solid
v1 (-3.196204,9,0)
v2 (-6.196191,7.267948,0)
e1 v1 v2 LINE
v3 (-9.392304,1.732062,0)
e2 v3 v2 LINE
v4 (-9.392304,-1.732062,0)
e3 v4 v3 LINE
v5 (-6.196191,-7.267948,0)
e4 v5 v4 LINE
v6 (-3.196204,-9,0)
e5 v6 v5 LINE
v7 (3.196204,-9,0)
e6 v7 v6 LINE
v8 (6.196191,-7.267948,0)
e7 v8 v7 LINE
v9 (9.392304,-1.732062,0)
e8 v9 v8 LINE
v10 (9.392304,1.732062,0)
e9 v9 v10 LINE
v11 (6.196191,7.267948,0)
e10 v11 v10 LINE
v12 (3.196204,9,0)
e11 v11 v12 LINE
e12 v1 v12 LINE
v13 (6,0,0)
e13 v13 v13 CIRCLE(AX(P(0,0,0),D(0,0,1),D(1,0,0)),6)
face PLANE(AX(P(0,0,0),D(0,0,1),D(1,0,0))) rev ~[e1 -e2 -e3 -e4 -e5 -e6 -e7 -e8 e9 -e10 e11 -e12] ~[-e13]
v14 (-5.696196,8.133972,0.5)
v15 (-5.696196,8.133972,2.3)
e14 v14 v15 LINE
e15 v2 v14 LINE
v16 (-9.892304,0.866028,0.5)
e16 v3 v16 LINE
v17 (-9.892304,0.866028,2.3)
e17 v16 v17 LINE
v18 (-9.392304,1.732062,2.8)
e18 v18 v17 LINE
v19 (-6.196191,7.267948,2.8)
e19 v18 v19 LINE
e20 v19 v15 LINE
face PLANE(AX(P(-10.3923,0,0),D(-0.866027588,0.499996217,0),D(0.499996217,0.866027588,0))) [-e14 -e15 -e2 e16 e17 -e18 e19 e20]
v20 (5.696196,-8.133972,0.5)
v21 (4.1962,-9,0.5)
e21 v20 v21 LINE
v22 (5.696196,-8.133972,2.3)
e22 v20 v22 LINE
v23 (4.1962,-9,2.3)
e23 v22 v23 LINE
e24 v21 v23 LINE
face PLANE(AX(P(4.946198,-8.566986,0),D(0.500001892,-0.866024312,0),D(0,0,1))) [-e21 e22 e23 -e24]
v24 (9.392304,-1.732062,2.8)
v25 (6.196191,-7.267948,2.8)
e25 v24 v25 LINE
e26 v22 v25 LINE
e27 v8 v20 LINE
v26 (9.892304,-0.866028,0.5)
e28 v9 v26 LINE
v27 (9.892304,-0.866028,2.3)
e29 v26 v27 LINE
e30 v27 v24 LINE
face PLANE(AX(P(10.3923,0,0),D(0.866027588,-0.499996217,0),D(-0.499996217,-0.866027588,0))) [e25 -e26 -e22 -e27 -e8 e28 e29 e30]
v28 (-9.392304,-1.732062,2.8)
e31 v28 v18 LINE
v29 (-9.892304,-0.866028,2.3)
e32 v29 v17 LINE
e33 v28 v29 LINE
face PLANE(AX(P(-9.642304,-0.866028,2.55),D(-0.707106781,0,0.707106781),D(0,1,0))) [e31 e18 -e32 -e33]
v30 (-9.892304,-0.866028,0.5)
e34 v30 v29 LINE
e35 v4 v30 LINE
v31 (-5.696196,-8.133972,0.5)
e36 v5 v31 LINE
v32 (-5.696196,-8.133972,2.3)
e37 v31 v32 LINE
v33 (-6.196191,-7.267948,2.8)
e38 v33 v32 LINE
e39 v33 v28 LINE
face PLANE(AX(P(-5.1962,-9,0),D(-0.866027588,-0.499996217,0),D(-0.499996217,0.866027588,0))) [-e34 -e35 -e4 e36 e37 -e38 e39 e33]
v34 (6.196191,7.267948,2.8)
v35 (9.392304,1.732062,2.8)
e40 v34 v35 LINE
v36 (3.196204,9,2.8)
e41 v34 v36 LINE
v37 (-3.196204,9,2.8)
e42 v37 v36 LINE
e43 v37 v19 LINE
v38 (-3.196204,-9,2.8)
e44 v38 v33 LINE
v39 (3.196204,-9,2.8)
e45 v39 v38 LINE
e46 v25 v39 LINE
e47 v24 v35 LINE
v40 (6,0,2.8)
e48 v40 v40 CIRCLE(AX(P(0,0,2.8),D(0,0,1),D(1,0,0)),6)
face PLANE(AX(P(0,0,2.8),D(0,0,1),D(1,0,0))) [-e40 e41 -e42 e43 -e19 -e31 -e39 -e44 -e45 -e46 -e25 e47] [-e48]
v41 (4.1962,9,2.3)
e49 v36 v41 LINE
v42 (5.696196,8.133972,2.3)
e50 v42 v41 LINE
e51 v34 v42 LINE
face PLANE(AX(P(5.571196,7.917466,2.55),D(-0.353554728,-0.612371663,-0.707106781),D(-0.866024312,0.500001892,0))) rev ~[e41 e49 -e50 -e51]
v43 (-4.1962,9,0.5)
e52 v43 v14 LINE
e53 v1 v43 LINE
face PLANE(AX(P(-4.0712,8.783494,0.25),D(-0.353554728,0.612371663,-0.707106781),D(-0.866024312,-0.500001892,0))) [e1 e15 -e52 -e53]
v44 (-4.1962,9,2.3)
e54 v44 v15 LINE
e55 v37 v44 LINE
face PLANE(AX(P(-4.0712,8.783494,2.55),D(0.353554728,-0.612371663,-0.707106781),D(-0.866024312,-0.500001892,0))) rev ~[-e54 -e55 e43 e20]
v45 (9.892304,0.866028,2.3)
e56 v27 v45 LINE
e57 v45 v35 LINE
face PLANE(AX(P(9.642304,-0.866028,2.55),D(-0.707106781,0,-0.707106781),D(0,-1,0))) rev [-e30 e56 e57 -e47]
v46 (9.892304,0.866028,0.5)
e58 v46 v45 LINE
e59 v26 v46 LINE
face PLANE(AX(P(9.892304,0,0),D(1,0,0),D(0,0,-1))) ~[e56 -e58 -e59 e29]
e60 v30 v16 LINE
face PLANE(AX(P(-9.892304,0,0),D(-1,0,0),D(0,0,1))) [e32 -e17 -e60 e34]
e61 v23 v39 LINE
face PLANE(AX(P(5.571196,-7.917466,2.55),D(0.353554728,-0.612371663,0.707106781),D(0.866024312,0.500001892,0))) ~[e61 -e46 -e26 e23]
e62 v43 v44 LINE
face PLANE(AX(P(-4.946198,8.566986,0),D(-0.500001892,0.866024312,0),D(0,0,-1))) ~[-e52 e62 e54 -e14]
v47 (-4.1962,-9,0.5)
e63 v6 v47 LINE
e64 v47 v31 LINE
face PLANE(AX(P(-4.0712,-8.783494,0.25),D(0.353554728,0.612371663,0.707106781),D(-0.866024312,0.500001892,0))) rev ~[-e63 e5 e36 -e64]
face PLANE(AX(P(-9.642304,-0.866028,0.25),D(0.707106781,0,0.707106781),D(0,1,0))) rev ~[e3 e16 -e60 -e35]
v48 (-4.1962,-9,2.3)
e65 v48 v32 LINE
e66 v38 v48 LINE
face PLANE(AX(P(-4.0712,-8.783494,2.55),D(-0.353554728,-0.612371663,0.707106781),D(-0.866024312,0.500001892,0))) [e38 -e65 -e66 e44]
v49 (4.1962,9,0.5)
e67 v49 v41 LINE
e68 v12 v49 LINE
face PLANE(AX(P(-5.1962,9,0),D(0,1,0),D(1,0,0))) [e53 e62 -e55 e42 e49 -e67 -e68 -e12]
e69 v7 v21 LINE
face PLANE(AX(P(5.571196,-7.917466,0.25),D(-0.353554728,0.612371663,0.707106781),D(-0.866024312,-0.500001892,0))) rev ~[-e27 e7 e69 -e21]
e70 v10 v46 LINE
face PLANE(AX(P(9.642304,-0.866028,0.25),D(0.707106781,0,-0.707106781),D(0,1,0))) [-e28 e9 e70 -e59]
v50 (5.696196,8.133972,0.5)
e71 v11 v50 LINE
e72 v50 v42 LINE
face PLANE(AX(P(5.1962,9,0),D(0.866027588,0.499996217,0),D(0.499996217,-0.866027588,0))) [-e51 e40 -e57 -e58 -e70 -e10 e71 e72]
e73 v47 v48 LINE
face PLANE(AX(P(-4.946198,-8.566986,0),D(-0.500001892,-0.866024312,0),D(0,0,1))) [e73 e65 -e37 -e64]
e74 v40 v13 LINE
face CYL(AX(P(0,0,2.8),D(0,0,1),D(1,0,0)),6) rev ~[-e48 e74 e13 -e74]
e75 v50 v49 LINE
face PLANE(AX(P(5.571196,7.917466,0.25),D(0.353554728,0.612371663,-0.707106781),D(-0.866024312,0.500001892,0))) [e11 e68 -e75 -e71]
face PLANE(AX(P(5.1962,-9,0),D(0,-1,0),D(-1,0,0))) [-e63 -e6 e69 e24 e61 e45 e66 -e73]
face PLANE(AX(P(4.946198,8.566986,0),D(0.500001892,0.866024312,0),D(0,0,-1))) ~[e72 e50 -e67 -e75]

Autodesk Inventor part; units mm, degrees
ref_plane "YZ Plane" through (0, 0, 0) normal (1, 0, 0) x (0, 1, 0)
ref_plane "XZ Plane" through (0, 0, 0) normal (0, 1, 0) x (-1, 0, 0)
ref_plane "XY Plane" through (0, 0, 0) normal (0, 0, 1) x (1, 0, 0)
sketch "Sketch1" plane through (0, 0, 0) normal (0, 0, 1) x (1, 0, 0)
  line L0 (10.3923, 0) -> (5.1962, -9)
  line L1 (5.1962, -9) -> (-5.1962, -9)
  line L2 (-5.1962, -9) -> (-10.3923, 0)
  line L3 (-10.3923, 0) -> (-5.1962, 9)
  line L4 (-5.1962, 9) -> (5.1962, 9)
  line L5 (5.1962, 9) -> (10.3923, 0)
  point P0 (0, 0)
  point P1 (0, 0)
  dimension "d0" = 18
extrude "Extrusion1" add sketch "Sketch1" along normal blind 2.8
sketch "Sketch2" plane through (0, 0, 2.8) normal (0, 0, 1) x (1, 0, 0)
  circle A0 centre (0, 0) radius 6
  dimension "d3" = 12
extrude "Extrusion2" cut sketch "Sketch2" against normal through all
chamfer "Chamfer1" distance 1 angle 45 6 edges at (5.1962, 9, 1.4) (-5.1962, 9, 1.4) (10.3923, 0, 1.4) (5.1962, -9, 1.4) (-5.1962, -9, 1.4) (-10.3923, 0, 1.4)
chamfer "Chamfer2" distance 0.5 angle 45 12 edges at (-9.8923, 0, 2.8) (-4.9462, -8.567, 2.8) (4.9462, -8.567, 2.8) (9.8923, 0, 2.8) (4.9462, 8.567, 2.8) (-4.9462, 8.567, 2.8) (-4.9462, 8.567, 0) (-9.8923, 0, 0) (-4.9462, -8.567, 0) (4.9462, -8.567, 0) (9.8923, 0, 0) (4.9462, 8.567, 0)
properties part number "c-t4140012051-000-a-3d_NUT"
